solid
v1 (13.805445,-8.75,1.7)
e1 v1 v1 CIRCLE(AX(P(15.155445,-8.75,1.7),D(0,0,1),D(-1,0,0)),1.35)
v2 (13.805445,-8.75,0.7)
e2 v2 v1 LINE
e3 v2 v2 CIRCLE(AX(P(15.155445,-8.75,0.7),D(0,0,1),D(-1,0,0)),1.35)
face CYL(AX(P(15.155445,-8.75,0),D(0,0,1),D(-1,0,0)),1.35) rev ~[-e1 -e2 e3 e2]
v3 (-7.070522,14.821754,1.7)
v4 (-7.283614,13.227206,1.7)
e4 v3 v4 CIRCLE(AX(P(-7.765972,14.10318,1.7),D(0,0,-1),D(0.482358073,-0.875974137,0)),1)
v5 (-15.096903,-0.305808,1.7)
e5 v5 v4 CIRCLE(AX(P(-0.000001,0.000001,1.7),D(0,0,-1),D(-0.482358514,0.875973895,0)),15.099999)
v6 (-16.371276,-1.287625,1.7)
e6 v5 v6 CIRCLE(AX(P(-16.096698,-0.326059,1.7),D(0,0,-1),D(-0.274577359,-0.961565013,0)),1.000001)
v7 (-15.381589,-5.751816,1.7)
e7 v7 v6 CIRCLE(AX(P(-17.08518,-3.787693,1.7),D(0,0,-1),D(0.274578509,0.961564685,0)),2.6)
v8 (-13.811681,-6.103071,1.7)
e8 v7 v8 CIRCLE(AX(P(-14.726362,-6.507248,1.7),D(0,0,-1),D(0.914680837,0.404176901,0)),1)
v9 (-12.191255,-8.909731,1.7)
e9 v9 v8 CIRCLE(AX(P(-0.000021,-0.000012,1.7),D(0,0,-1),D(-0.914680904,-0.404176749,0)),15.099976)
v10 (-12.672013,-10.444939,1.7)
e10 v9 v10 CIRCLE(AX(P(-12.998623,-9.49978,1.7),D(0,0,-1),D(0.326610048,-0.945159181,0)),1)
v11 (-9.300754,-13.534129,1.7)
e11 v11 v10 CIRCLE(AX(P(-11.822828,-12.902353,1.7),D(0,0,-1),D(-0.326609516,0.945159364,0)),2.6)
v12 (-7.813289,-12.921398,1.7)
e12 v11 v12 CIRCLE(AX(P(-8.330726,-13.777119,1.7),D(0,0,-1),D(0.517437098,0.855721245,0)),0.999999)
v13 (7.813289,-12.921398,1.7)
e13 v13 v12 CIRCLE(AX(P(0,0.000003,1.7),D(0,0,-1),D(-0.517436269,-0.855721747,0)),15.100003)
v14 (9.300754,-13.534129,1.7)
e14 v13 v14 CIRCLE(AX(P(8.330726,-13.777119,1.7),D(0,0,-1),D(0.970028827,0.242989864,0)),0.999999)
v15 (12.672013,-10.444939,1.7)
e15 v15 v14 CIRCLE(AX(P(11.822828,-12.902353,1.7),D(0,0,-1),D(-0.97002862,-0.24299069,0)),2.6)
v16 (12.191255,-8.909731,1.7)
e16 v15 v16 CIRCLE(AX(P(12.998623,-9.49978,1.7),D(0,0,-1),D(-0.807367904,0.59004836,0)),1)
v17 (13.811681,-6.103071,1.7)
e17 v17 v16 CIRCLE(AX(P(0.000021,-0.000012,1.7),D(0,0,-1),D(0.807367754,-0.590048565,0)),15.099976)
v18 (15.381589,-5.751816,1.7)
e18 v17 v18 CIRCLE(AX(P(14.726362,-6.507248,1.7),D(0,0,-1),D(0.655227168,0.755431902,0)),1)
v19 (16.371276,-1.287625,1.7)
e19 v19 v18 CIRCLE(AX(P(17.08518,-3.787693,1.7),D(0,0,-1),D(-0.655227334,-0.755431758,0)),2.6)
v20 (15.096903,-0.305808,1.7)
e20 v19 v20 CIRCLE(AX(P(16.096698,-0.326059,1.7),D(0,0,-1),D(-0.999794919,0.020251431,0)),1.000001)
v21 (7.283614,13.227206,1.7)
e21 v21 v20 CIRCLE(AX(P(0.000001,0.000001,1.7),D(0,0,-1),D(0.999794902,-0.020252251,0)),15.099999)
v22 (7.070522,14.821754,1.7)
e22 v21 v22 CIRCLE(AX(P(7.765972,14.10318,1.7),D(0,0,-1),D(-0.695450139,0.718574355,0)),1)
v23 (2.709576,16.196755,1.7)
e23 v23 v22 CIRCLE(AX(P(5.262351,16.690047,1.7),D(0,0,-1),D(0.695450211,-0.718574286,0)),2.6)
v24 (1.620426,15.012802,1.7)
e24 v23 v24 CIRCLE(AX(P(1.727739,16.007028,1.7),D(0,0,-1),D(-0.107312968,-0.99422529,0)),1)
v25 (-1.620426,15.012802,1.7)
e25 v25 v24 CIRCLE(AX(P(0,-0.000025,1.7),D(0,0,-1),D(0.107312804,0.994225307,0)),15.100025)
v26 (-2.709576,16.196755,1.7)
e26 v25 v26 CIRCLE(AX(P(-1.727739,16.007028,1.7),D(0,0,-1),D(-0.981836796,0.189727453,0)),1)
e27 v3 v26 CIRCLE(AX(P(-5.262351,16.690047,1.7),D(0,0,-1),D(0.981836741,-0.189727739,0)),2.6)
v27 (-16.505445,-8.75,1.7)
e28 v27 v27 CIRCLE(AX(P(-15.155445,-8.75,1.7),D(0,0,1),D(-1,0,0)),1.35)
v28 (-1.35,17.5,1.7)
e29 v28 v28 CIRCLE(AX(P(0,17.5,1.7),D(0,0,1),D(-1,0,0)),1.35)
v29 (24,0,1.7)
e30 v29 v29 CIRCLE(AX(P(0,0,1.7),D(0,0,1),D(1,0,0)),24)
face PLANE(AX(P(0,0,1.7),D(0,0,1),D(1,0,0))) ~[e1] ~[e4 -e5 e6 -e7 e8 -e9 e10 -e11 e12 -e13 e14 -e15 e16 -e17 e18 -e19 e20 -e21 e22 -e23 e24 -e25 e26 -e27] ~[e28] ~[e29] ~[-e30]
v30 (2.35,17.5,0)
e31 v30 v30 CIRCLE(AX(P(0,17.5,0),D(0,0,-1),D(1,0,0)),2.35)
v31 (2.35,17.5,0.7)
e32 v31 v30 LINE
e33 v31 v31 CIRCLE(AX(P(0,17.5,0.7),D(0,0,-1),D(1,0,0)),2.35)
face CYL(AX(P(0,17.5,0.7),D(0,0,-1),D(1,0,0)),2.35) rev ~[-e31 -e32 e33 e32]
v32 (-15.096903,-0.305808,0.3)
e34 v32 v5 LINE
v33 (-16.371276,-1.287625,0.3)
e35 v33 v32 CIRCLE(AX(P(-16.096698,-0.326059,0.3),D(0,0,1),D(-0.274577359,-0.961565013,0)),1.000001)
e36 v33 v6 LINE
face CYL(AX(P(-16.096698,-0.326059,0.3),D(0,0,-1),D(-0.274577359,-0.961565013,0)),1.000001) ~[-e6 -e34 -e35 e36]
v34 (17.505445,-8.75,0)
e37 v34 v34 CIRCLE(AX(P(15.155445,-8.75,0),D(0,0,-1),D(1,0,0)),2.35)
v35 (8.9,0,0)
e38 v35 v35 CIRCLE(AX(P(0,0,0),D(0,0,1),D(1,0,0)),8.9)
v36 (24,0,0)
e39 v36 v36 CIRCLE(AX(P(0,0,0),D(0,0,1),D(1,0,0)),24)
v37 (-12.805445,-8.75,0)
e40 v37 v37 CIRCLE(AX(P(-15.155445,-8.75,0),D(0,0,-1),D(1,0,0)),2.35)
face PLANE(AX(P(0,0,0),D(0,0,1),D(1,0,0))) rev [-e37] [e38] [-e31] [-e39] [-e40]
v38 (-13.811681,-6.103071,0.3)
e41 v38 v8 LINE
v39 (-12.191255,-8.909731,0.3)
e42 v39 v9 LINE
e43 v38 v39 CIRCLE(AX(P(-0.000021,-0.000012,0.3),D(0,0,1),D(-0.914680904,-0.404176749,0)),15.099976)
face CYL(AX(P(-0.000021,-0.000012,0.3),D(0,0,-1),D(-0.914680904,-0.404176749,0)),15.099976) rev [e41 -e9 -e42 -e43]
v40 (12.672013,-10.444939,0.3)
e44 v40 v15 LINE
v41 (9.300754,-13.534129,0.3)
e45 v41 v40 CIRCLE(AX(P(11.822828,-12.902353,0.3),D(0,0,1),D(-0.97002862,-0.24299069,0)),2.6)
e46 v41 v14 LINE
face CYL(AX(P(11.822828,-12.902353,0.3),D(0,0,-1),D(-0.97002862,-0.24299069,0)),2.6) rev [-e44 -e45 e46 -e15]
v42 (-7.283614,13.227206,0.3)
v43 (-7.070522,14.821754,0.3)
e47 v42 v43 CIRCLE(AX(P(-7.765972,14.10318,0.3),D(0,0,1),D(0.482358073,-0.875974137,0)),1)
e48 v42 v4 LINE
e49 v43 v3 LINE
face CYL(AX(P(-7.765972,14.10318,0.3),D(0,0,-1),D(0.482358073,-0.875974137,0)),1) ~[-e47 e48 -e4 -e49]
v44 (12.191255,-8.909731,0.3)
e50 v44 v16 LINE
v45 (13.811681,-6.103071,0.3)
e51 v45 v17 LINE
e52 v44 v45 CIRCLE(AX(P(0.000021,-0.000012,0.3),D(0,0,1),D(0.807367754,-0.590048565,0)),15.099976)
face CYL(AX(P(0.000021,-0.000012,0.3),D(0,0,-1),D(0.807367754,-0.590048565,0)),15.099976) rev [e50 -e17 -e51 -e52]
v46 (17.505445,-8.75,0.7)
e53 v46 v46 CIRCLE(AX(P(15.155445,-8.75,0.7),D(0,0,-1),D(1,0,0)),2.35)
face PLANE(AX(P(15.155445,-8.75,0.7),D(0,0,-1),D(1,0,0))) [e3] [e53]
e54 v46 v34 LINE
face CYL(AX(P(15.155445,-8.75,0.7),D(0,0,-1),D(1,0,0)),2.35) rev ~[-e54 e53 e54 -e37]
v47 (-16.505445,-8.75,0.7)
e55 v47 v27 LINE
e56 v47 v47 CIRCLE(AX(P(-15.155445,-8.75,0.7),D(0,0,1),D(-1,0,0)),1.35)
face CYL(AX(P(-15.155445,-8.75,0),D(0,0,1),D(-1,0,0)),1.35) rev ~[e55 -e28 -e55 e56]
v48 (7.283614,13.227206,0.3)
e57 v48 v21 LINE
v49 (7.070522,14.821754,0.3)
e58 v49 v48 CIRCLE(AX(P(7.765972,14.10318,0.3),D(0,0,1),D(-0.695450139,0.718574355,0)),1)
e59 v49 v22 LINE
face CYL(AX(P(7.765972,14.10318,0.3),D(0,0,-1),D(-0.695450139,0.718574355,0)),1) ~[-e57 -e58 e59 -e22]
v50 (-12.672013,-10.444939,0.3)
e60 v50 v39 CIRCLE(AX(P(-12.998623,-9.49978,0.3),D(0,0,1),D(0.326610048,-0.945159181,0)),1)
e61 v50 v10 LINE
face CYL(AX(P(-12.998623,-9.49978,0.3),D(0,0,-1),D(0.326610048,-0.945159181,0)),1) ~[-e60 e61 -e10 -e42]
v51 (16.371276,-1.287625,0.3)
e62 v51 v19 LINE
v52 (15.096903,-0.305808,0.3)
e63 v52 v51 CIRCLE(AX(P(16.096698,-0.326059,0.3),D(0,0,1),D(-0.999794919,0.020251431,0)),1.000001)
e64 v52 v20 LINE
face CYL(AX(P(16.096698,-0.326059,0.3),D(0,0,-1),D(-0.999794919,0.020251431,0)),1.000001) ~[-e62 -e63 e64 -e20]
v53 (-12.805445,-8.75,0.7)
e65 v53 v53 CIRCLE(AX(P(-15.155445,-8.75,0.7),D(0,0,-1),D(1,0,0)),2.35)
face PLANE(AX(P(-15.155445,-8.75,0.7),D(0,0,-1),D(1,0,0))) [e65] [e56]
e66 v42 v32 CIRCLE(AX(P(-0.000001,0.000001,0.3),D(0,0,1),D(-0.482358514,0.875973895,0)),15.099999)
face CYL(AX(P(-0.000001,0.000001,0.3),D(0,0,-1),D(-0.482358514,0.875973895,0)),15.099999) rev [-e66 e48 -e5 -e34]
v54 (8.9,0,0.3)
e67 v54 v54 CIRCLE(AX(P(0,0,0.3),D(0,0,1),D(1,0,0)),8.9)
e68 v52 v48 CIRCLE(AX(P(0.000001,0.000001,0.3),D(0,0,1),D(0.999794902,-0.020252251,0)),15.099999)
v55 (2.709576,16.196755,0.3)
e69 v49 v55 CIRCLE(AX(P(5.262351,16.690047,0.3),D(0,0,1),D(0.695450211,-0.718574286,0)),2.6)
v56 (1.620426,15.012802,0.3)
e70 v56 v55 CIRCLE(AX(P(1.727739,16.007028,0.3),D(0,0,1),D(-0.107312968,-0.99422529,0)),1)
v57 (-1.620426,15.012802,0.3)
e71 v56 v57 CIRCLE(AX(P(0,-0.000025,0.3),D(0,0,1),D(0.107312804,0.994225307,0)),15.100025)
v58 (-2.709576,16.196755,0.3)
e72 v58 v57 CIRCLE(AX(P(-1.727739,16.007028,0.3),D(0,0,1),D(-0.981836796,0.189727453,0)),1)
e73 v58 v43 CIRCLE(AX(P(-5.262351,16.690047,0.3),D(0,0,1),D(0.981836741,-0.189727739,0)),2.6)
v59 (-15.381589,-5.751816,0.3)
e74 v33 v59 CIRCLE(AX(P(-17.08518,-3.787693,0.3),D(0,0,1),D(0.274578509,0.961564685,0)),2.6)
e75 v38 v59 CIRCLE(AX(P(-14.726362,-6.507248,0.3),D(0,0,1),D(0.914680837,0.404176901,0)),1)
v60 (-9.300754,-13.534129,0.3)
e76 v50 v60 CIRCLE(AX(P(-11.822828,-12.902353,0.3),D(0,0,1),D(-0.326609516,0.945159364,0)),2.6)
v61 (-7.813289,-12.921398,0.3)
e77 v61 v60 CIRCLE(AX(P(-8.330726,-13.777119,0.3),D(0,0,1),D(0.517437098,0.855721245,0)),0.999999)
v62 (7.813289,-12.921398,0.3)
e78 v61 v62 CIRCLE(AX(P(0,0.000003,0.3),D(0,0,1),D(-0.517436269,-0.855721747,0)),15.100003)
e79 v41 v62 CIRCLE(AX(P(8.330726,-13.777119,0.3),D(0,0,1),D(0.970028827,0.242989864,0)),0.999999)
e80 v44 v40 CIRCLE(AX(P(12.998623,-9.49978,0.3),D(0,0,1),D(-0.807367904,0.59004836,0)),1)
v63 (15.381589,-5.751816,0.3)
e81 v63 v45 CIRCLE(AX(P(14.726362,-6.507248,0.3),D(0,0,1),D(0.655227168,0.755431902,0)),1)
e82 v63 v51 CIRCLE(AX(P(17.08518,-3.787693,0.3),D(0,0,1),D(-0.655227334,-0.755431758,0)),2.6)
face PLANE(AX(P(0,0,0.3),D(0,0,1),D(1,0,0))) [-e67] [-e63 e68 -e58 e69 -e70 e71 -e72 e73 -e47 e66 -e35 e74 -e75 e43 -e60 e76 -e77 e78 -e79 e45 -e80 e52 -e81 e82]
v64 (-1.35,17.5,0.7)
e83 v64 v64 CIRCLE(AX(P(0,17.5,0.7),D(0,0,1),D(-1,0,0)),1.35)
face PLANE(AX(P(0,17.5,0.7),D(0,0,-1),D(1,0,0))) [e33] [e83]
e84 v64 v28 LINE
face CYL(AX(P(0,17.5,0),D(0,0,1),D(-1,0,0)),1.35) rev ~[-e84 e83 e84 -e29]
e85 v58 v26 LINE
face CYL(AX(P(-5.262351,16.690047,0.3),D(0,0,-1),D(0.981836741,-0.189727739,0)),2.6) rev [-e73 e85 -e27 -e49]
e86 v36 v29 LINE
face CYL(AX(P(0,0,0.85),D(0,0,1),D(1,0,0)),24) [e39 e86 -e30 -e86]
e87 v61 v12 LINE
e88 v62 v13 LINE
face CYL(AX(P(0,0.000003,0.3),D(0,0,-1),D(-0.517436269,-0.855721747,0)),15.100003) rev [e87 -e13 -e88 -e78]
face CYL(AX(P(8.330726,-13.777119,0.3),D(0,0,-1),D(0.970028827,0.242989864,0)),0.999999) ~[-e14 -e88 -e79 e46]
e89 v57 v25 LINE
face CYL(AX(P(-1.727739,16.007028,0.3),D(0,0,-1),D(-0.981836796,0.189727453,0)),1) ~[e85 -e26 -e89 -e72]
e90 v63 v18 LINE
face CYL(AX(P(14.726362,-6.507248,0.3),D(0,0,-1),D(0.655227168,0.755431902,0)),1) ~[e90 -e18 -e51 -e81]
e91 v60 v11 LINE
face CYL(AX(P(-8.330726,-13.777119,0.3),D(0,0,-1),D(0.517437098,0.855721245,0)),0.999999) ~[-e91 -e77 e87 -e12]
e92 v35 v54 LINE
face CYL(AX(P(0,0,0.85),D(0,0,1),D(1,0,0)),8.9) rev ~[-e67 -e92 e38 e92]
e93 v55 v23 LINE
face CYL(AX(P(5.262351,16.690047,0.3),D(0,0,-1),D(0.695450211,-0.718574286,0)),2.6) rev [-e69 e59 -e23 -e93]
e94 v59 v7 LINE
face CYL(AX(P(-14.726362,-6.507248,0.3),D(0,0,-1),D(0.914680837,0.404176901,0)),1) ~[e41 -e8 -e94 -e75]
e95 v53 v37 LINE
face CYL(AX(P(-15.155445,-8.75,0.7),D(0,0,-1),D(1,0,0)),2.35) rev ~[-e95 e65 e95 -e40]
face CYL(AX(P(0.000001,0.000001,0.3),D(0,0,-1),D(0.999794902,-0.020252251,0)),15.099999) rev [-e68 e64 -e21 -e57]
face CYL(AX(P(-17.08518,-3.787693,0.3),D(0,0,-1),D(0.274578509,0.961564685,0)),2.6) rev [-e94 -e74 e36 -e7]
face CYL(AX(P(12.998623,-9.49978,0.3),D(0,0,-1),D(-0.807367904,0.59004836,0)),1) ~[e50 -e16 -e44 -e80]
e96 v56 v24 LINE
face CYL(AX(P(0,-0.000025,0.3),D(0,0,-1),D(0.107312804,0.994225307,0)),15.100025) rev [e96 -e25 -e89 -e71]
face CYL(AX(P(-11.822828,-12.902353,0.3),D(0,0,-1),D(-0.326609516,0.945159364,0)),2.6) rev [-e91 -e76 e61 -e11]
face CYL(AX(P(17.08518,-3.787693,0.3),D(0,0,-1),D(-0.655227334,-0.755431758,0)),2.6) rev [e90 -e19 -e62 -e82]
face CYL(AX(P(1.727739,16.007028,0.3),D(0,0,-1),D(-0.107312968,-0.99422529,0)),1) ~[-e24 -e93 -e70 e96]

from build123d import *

# Parameters (mm, degrees)
SKETCH_W         = 15.1
SKETCH_H         = 1.7
POCKET_DEPTH     = 5.2
HOLE_D           = 2.7
HOLE_CBORE_D     = 4.7
HOLE_CBORE_DEPTH = 0.7


with BuildPart() as part:
    # Sketch → Revolution (revolve)
    with BuildSketch(Plane.XZ):
        with Locations((16.45, 0.85)):
            Rectangle(SKETCH_W, SKETCH_H)
    revolve(axis=Axis((0, 0, 0), (0, 0, 1)))

    # Sketch001 → Pocket (cut)
    with BuildSketch(Plane.XY.offset(0.3)):
        with BuildLine():
            ThreePointArc((-16.371276, -1.287625), (-19.62355, -4.350436), (-15.381589, -5.751816))
            ThreePointArc((-13.811681, -6.103071), (-14.508018, -5.531376), (-15.381589, -5.751816))
            ThreePointArc((-13.811681, -6.103071), (-13.076984, -7.55), (-12.191255, -8.909731))
            ThreePointArc((-12.672013, -10.444939), (-12.044321, -9.798624), (-12.191255, -8.909731))
            ThreePointArc((-12.672013, -10.444939), (-13.579363, -14.819274), (-9.300754, -13.534129))
            ThreePointArc((-7.813289, -12.921398), (-8.711606, -12.852495), (-9.300754, -13.534129))
            ThreePointArc((-7.813289, -12.921398), (0, -15.1), (7.813289, -12.921398))
            ThreePointArc((9.300754, -13.534129), (8.711606, -12.852495), (7.813289, -12.921398))
            ThreePointArc((9.300754, -13.534129), (13.579363, -14.819274), (12.672013, -10.444939))
            ThreePointArc((12.191255, -8.909731), (12.044321, -9.798624), (12.672013, -10.444939))
            ThreePointArc((12.191255, -8.909731), (13.076984, -7.55), (13.811681, -6.103071))
            ThreePointArc((15.381589, -5.751816), (14.508018, -5.531376), (13.811681, -6.103071))
            ThreePointArc((15.381589, -5.751816), (19.62355, -4.350436), (16.371276, -1.287625))
            ThreePointArc((15.096903, -0.305808), (15.48639, -1.118224), (16.371276, -1.287625))
            ThreePointArc((15.096903, -0.305808), (13.076984, 7.55), (7.283614, 13.227206))
            ThreePointArc((7.070522, 14.821754), (6.774784, 13.970719), (7.283614, 13.227206))
            ThreePointArc((7.070522, 14.821754), (6.044187, 19.169711), (2.709576, 16.196755))
            ThreePointArc((1.620426, 15.012802), (2.463697, 15.33), (2.709576, 16.196755))
            ThreePointArc((1.620426, 15.012802), (0, 15.1), (-1.620426, 15.012802))
            ThreePointArc((-2.709576, 16.196755), (-2.463697, 15.33), (-1.620426, 15.012802))
            ThreePointArc((-2.709576, 16.196755), (-6.044187, 19.169711), (-7.070522, 14.821754))
            ThreePointArc((-7.283614, 13.227206), (-6.774784, 13.970719), (-7.070522, 14.821754))
            ThreePointArc((-7.283614, 13.227206), (-13.076984, 7.55), (-15.096903, -0.305808))
            ThreePointArc((-16.371276, -1.287625), (-15.48639, -1.118224), (-15.096903, -0.305808))
        make_face()
    extrude(amount=POCKET_DEPTH, mode=Mode.SUBTRACT)

    # Hole (through all)
    with Locations(Plane(origin=(0, 0, 0), x_dir=(1, 0, 0), z_dir=(0, 0, -1))):
        with Locations((0, -17.5), (-15.155445, 8.75), (15.155445, 8.75)):
            CounterBoreHole(HOLE_D / 2, HOLE_CBORE_D / 2, HOLE_CBORE_DEPTH)


solid = part.part
